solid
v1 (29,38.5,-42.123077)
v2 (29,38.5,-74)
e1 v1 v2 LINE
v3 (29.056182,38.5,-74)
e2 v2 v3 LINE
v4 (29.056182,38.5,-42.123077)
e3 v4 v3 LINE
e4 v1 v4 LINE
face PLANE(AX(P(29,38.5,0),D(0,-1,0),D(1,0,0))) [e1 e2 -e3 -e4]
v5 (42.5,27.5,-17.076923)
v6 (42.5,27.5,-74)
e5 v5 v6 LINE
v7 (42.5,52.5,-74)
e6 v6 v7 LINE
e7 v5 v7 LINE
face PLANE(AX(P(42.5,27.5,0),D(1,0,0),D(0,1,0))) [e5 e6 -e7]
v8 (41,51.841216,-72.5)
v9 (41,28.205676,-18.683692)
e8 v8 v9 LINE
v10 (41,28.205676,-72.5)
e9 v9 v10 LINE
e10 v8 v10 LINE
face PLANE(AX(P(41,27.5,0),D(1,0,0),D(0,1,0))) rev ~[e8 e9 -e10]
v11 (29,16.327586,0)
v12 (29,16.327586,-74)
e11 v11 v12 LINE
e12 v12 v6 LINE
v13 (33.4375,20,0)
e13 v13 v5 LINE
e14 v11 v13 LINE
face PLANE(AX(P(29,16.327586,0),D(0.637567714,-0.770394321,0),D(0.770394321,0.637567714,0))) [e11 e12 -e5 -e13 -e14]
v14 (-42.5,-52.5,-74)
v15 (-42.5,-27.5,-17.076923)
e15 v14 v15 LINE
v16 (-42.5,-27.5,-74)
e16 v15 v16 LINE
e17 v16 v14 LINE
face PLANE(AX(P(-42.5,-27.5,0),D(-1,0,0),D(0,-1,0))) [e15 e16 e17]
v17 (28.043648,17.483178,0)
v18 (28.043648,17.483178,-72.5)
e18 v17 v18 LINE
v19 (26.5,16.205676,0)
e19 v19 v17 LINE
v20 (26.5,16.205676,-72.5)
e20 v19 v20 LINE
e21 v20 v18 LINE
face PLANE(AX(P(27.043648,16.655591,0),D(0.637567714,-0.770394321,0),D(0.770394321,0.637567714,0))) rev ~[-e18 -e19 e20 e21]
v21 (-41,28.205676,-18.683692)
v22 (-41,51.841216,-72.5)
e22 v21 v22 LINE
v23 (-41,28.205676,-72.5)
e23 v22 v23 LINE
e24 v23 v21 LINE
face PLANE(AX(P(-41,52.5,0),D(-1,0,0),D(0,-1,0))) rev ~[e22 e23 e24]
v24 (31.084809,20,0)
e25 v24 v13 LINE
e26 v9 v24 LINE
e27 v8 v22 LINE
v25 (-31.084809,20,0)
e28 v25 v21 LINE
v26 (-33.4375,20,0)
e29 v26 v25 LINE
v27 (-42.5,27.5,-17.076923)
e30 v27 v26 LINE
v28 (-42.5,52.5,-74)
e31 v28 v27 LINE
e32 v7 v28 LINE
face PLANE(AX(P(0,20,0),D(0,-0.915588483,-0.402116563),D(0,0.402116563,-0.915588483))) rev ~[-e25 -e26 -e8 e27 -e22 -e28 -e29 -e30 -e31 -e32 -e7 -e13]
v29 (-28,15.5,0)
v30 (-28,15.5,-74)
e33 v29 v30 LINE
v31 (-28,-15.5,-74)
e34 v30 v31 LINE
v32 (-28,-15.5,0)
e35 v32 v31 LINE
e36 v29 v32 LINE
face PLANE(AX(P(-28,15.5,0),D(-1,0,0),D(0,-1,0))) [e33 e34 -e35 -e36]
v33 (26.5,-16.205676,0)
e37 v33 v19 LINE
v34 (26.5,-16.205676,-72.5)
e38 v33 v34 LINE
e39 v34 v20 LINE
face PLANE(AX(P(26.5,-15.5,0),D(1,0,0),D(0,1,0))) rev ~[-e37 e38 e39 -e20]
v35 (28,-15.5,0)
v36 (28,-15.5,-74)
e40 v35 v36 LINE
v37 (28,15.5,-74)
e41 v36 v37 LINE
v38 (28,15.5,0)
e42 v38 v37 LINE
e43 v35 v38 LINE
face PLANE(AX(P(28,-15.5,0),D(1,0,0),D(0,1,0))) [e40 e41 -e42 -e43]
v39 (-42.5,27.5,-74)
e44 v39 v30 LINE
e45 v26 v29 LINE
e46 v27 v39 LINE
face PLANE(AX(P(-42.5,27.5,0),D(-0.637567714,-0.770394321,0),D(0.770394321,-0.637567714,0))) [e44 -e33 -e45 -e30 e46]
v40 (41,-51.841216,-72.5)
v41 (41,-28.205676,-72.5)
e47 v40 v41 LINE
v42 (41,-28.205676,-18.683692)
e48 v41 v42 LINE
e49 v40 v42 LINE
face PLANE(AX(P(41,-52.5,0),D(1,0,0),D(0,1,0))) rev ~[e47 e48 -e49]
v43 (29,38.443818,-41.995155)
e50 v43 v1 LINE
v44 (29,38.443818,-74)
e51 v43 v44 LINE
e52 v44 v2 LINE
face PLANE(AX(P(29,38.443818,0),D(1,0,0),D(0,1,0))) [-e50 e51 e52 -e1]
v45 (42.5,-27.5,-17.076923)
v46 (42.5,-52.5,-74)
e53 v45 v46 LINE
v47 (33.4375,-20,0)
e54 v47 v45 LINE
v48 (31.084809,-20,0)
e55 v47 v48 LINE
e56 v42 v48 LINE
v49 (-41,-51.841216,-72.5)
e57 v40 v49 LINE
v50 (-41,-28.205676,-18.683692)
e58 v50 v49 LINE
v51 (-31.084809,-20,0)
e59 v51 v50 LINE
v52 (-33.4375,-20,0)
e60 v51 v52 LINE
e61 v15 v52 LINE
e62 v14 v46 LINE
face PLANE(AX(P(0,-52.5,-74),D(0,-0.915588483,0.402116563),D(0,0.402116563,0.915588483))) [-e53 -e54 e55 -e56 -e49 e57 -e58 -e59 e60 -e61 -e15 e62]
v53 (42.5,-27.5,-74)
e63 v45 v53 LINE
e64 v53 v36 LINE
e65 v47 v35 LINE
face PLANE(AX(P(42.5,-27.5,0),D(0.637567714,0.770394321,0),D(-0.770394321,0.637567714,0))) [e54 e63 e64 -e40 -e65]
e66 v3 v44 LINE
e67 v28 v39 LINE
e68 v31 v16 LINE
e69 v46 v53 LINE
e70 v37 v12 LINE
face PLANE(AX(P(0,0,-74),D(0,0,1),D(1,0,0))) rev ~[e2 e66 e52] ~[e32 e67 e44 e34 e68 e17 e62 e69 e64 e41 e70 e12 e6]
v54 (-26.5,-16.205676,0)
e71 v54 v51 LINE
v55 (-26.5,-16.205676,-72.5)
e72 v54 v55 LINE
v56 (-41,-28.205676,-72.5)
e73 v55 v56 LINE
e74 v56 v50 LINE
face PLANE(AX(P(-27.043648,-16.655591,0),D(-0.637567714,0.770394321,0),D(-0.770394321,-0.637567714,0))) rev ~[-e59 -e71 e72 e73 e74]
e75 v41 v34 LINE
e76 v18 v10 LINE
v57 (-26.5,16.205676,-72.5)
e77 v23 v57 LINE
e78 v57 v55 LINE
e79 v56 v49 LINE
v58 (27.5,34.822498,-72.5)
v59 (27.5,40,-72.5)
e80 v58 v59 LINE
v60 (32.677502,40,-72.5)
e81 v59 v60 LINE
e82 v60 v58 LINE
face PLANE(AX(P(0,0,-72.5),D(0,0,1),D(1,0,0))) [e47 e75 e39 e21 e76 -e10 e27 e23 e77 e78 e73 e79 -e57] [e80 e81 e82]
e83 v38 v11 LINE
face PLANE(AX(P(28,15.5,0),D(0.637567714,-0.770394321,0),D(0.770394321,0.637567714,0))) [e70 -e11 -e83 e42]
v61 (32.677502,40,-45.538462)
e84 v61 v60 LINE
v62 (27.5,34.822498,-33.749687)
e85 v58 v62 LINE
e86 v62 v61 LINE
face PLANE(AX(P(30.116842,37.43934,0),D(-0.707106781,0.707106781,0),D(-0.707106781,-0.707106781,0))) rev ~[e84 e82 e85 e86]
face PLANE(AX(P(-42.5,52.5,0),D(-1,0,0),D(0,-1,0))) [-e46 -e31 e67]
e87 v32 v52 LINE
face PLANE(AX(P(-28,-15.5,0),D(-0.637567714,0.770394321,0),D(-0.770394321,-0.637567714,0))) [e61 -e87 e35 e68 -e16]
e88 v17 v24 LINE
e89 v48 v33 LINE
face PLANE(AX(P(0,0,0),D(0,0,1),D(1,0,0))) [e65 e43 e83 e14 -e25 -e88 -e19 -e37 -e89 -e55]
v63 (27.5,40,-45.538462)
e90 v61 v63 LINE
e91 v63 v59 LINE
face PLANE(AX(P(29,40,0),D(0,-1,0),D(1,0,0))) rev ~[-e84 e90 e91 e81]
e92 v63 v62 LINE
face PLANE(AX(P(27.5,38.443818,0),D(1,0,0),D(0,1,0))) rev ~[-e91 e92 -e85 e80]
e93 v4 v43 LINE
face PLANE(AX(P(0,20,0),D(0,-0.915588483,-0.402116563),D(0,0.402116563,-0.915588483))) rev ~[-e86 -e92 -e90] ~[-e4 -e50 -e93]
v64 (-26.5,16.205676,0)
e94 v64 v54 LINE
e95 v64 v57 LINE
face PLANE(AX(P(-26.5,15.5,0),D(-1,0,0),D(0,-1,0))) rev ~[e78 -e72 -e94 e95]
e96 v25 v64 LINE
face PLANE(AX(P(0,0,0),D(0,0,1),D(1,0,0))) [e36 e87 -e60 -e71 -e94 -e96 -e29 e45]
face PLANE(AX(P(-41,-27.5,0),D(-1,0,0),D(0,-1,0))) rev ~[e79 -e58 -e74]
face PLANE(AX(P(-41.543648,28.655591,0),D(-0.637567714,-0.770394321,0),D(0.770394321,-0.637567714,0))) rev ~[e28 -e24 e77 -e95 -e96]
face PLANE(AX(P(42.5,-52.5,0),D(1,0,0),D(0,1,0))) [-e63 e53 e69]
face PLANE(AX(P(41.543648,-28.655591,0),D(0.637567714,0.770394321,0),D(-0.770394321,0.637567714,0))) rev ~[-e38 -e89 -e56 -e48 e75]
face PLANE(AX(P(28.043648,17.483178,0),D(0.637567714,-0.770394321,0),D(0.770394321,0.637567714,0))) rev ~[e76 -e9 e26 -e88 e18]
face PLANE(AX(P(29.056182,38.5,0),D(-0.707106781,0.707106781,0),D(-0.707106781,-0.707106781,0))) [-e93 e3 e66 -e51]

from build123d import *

# Parameters (mm, degrees)
F1_DEPTH = 74
F3_DEPTH = 50
F4_T     = -1.5


with BuildPart() as f1:
    # F0 (on Top) → F1 (new body)
    with BuildSketch(Plane.XY):
        Polygon((42.5, 27.5), (42.5, 52.5), (-42.5, 52.5), (-42.5, 27.5), (-28, 15.5), (-28, -15.5), (-42.5, -27.5), (-42.5, -52.5), (42.5, -52.5), (42.5, -27.5), (28, -15.5), (28, 15.5), (29, 16.3275862069), align=None)
        with BuildLine():
            Line((-34.6619805153, -37.7418373828), (-29.712233047, -32.7920899145))
            ThreePointArc((-29.712233047, -32.7920899145), (-23.3482720164, -32.7920899145), (-23.3482720164, -39.1560509451))
            Line((-23.3482720164, -39.1560509451), (-28.2980194847, -44.1057984134))
            ThreePointArc((-28.2980194847, -44.1057984134), (-34.6619805153, -44.1057984134), (-34.6619805153, -37.7418373828))
        make_face(mode=Mode.SUBTRACT)
        with BuildLine():
            ThreePointArc((34.6619805153, -37.7418373828), (34.6619805153, -44.1057984134), (28.2980194847, -44.1057984134))
            Line((28.2980194847, -44.1057984134), (23.3482720164, -39.1560509451))
            ThreePointArc((23.3482720164, -39.1560509451), (23.3482720164, -32.7920899145), (29.712233047, -32.7920899145))
            Line((29.712233047, -32.7920899145), (34.6619805153, -37.7418373828))
        make_face(mode=Mode.SUBTRACT)
        with BuildLine():
            ThreePointArc((-34.6619805153, 37.7418373828), (-34.6619805153, 44.1057984134), (-28.2980194847, 44.1057984134))
            Line((-28.2980194847, 44.1057984134), (-23.3482720164, 39.1560509451))
            ThreePointArc((-23.3482720164, 39.1560509451), (-23.3482720164, 32.7920899145), (-29.712233047, 32.7920899145))
            Line((-29.712233047, 32.7920899145), (-34.6619805153, 37.7418373828))
        make_face(mode=Mode.SUBTRACT)
        with BuildLine():
            ThreePointArc((29.712233047, 32.7920899145), (29.3709433721, 32.4840166266), (29, 32.2123756731))
            ThreePointArc((29, 32.2123756731), (23.3244813451, 32.8160598061), (22.8060506298, 38.5))
            ThreePointArc((22.8060506298, 38.5), (23.0616159687, 38.8408735961), (23.3482720164, 39.1560509451))
            Line((23.3482720164, 39.1560509451), (28.2980194847, 44.1057984134))
            ThreePointArc((28.2980194847, 44.1057984134), (28.6345514487, 44.4099938176), (29, 44.6787613065))
            ThreePointArc((29, 44.6787613065), (34.6382034894, 44.1293990809), (35.2714518059, 38.5))
            ThreePointArc((35.2714518059, 38.5), (34.9872627822, 38.1044016861), (34.6619805153, 37.7418373828))
            Line((34.6619805153, 37.7418373828), (29.712233047, 32.7920899145))
        make_face(mode=Mode.SUBTRACT)
        with BuildLine():
            Line((23.3482720164, -39.1560509451), (28.2980194847, -44.1057984134))
            ThreePointArc((28.2980194847, -44.1057984134), (34.6619805153, -44.1057984134), (34.6619805153, -37.7418373828))
            Line((34.6619805153, -37.7418373828), (29.712233047, -32.7920899145))
            ThreePointArc((29.712233047, -32.7920899145), (23.3482720164, -32.7920899145), (23.3482720164, -39.1560509451))
        make_face()
        with BuildLine():
            Line((-23.3482720164, 39.1560509451), (-28.2980194847, 44.1057984134))
            ThreePointArc((-28.2980194847, 44.1057984134), (-34.6619805153, 44.1057984134), (-34.6619805153, 37.7418373828))
            Line((-34.6619805153, 37.7418373828), (-29.712233047, 32.7920899145))
            ThreePointArc((-29.712233047, 32.7920899145), (-23.3482720164, 32.7920899145), (-23.3482720164, 39.1560509451))
        make_face()
        with BuildLine():
            ThreePointArc((-23.3482720164, -39.1560509451), (-23.3482720164, -32.7920899145), (-29.712233047, -32.7920899145))
            Line((-29.712233047, -32.7920899145), (-34.6619805153, -37.7418373828))
            ThreePointArc((-34.6619805153, -37.7418373828), (-34.6619805153, -44.1057984134), (-28.2980194847, -44.1057984134))
            Line((-28.2980194847, -44.1057984134), (-23.3482720164, -39.1560509451))
        make_face()
        with BuildLine():
            Line((29, 38.4438178981), (29, 32.2123756731))
            ThreePointArc((29, 32.2123756731), (29.3709433721, 32.4840166266), (29.712233047, 32.7920899145))
            Line((29.712233047, 32.7920899145), (34.6619805153, 37.7418373828))
            ThreePointArc((34.6619805153, 37.7418373828), (34.9872627822, 38.1044016861), (35.2714518059, 38.5))
            Line((35.2714518059, 38.5), (29.0561821019, 38.5))
            Line((29.0561821019, 38.5), (29, 38.4438178981))
        make_face()
        with BuildLine():
            ThreePointArc((22.8060506298, 38.5), (23.3244813451, 32.8160598061), (29, 32.2123756731))
            Line((29, 32.2123756731), (29, 38.4438178981))
            Line((29, 38.4438178981), (29, 38.5))
            Line((29, 38.5), (22.8060506298, 38.5))
        make_face()
        with BuildLine():
            Line((29, 38.5), (29.0561821019, 38.5))
            Line((29.0561821019, 38.5), (35.2714518059, 38.5))
            ThreePointArc((35.2714518059, 38.5), (34.6382034894, 44.1293990809), (29, 44.6787613065))
            Line((29, 44.6787613065), (29, 38.5))
        make_face()
        with BuildLine():
            ThreePointArc((23.3482720164, 39.1560509451), (23.0616159687, 38.8408735961), (22.8060506298, 38.5))
            Line((22.8060506298, 38.5), (29, 38.5))
            Line((29, 38.5), (29, 44.6787613065))
            ThreePointArc((29, 44.6787613065), (28.6345514487, 44.4099938176), (28.2980194847, 44.1057984134))
            Line((28.2980194847, 44.1057984134), (23.3482720164, 39.1560509451))
        make_face()
    extrude(amount=-F1_DEPTH)

    # F2 (on Right) → F3 (cut, symmetric)
    with BuildSketch(Plane.YZ):
        Polygon((-52.5, 0), (-52.5, -74), (-20, 0), align=None)
        Polygon((52.8937540948, 0), (20, 0), (52.5, -74), align=None)
    extrude(amount=F3_DEPTH, both=True, mode=Mode.SUBTRACT)

    # F4
    f4_openings = [f1.faces().sort_by_distance(p)[0] for p in [
        (0, 0, 0),
        (0, -36.59684, -37.789727),
        (-1.7e-05, 36.596839, -37.789725),
    ]]
    offset(amount=F4_T, openings=f4_openings, kind=Kind.INTERSECTION)


solid = f1.part
